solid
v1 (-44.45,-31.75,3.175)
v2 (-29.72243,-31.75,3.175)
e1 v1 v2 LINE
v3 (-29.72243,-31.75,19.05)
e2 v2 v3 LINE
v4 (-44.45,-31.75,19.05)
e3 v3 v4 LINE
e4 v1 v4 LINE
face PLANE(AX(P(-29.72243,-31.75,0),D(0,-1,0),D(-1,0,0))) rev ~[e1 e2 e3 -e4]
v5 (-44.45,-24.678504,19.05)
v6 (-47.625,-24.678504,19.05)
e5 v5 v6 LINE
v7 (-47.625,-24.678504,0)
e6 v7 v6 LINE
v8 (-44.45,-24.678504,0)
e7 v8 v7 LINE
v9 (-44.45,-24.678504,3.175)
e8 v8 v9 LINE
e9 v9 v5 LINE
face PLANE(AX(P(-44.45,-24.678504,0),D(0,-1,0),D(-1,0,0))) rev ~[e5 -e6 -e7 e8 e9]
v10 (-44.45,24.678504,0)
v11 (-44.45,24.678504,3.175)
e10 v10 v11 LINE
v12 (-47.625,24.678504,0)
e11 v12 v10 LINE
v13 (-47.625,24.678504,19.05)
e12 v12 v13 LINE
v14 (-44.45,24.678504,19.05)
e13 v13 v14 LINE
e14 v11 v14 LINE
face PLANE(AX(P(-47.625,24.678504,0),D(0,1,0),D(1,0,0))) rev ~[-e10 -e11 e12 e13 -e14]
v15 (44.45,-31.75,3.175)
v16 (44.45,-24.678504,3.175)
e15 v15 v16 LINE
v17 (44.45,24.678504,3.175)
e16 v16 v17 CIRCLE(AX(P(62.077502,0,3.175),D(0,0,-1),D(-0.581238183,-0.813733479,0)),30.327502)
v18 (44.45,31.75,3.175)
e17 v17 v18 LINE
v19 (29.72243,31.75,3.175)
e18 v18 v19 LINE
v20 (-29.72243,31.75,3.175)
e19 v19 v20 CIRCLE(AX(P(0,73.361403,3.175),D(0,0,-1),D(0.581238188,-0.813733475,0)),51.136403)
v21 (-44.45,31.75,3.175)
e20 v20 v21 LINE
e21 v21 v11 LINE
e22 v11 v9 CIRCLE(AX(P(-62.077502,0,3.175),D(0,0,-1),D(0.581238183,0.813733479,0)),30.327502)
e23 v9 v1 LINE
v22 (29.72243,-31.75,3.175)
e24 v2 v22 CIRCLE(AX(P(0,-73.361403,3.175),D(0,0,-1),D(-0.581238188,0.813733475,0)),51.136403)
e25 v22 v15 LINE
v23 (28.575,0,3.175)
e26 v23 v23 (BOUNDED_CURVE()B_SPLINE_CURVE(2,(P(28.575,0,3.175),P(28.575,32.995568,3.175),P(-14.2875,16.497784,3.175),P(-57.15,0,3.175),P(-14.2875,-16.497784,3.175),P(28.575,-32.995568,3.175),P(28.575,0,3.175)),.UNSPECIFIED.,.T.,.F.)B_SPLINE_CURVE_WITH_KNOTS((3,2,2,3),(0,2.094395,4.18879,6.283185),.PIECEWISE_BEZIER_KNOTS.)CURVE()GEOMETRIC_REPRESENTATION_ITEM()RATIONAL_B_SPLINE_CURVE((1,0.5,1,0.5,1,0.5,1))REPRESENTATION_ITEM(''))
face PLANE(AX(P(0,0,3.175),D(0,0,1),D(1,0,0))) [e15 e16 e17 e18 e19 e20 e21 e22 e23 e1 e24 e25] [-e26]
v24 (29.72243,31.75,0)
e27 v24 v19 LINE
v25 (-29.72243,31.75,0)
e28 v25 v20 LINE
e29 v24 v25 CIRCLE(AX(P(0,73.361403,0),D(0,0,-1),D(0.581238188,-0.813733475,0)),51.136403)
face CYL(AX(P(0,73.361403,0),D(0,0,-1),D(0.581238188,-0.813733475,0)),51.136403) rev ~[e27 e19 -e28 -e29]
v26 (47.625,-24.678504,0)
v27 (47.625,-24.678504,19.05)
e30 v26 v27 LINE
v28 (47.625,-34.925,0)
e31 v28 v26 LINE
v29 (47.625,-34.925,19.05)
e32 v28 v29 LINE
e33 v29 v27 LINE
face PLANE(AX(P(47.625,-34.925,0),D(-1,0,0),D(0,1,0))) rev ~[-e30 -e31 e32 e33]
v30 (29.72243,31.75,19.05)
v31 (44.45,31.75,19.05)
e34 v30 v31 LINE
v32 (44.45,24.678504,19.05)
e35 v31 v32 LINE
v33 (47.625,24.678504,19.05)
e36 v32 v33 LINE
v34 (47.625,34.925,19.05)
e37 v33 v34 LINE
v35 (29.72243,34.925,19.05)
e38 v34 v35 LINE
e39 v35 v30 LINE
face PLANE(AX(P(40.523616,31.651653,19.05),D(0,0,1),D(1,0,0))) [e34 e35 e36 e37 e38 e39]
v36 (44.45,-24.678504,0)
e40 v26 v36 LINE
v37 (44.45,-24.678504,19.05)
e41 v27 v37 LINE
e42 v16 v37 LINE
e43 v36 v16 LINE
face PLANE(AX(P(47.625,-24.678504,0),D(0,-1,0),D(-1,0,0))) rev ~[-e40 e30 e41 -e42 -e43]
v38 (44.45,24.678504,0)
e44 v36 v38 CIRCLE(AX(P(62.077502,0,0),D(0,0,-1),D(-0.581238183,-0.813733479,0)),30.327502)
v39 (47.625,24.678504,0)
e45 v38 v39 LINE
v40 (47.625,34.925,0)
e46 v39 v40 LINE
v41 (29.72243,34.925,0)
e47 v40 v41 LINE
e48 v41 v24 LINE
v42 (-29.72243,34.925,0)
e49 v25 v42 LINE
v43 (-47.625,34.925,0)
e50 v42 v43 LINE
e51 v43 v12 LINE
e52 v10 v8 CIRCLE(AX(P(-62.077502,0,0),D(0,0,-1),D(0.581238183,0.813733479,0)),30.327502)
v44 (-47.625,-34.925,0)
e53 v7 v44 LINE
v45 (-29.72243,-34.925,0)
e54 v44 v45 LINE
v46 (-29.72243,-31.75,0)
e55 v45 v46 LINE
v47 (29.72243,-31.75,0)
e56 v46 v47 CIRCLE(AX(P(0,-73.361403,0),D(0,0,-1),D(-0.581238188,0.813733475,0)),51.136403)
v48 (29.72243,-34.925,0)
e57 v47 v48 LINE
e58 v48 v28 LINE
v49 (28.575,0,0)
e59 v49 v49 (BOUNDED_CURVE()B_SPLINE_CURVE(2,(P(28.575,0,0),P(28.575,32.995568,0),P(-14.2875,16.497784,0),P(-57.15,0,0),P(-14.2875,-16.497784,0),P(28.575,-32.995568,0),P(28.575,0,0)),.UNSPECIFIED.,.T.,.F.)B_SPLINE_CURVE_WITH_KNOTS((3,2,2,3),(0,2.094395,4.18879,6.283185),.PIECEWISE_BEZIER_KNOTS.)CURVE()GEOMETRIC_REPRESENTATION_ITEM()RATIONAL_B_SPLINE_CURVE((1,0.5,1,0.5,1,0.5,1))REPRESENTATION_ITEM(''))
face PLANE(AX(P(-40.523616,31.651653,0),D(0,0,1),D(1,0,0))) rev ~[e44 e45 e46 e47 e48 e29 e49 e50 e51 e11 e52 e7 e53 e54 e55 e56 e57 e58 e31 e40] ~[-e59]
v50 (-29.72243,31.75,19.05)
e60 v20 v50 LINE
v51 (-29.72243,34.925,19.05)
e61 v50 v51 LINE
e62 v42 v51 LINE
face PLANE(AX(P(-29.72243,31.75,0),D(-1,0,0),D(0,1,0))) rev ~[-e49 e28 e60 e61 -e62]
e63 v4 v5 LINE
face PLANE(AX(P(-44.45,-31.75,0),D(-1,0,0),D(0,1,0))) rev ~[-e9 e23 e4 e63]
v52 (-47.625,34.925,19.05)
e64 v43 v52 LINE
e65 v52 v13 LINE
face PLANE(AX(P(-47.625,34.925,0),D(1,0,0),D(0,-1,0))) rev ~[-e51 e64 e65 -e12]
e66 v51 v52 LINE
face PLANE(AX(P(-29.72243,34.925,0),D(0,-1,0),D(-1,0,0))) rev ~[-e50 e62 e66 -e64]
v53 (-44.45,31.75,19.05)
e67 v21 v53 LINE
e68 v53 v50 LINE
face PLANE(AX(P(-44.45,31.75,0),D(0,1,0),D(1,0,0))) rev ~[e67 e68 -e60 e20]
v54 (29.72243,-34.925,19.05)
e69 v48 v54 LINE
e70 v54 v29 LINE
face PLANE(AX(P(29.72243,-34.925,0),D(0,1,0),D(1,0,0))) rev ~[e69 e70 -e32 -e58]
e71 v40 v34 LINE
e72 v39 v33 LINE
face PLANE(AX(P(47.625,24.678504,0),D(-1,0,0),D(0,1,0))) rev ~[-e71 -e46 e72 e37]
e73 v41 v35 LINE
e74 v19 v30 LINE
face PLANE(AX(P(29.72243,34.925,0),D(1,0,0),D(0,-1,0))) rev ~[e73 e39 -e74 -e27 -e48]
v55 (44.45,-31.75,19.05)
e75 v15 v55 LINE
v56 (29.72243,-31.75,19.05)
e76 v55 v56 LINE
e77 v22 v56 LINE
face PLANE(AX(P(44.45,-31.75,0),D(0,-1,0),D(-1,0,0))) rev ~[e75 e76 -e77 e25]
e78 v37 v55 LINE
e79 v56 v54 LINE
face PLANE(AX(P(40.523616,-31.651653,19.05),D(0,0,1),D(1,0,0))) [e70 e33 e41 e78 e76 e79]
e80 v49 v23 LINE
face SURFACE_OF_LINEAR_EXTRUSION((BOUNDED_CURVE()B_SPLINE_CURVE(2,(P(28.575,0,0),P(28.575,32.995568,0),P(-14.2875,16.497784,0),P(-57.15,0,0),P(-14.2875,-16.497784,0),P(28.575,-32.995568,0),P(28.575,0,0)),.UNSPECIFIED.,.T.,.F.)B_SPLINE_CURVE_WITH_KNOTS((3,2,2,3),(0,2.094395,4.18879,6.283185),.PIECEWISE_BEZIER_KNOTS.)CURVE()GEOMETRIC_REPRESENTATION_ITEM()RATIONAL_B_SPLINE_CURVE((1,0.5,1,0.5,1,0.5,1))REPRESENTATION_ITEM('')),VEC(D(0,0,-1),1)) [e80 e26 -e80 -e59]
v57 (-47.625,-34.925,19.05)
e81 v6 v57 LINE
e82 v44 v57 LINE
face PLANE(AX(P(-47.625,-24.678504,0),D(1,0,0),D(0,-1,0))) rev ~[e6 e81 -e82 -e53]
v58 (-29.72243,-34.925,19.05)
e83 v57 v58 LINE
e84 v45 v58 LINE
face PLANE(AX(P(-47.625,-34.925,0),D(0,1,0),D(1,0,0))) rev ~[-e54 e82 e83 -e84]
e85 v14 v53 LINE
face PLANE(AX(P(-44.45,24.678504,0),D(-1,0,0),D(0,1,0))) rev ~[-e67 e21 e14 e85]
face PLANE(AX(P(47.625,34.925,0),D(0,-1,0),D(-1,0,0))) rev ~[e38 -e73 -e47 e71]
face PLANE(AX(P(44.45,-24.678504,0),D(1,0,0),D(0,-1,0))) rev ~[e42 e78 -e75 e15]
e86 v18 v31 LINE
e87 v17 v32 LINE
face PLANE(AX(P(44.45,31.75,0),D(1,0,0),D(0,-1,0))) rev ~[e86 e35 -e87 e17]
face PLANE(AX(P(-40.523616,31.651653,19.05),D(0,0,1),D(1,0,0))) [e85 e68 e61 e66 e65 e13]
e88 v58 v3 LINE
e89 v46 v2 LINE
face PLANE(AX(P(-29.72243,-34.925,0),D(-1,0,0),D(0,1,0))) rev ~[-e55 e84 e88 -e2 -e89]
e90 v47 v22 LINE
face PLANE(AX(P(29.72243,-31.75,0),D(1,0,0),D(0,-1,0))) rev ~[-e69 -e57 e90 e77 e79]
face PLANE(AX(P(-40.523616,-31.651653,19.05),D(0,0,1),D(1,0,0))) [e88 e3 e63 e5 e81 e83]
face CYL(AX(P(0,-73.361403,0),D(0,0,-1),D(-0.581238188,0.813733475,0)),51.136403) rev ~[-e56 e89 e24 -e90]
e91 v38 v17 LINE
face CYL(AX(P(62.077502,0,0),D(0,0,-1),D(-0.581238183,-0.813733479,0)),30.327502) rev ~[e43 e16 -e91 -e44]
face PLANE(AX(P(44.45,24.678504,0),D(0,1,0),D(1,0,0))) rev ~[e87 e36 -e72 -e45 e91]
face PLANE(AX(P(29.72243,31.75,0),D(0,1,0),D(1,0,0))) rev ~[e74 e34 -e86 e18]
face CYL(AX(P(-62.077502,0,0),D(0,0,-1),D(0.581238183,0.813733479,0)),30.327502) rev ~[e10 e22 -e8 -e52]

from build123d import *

# Parameters (mm, degrees)
F1_DEPTH = 3.175
F3_DEPTH = 19.05


with BuildPart() as f1:
    # F0 (on Top) → F1 (new body)
    with BuildSketch(Plane.XY):
        with BuildLine():
            Line((-44.45, 31.75), (-44.45, 24.678504))
            ThreePointArc((-44.45, 24.678504), (-31.75, 0), (-44.45, -24.678504))
            Line((-44.45, -24.678504), (-44.45, -31.75))
            Line((-44.45, -31.75), (-29.72243, -31.75))
            ThreePointArc((-29.72243, -31.75), (0, -22.225), (29.72243, -31.75))
            Line((29.72243, -31.75), (44.45, -31.75))
            Line((44.45, -31.75), (44.45, -24.678504))
            ThreePointArc((44.45, -24.678504), (31.75, 0), (44.45, 24.678504))
            Line((44.45, 24.678504), (44.45, 31.75))
            Line((44.45, 31.75), (29.72243, 31.75))
            ThreePointArc((29.72243, 31.75), (0, 22.225), (-29.72243, 31.75))
            Line((-29.72243, 31.75), (-44.45, 31.75))
        make_face()
        with BuildLine():
            add(Edge.make_bspline(
                [(28.575, 0), (28.575, 32.995568), (-14.2875, 16.497784), (-57.15, 0), (-14.2875, -16.497784), (28.575, -32.995568), (28.575, 0)],
                knots=[0, 0, 0, 2.094395, 2.094395, 4.18879, 4.18879, 6.283185, 6.283185, 6.283185], degree=2, weights=[1, 0.5, 1, 0.5, 1, 0.5, 1]))
        make_face(mode=Mode.SUBTRACT)
    extrude(amount=F1_DEPTH)

    # F2 (on Top) → F3 (join)
    with BuildSketch(Plane.XY):
        Polygon((-47.625, 24.678504), (-44.45, 24.678504), (-44.45, 31.75), (-29.72243, 31.75), (-29.72243, 34.925), (-47.625, 34.925), align=None)
        Polygon((29.72243, 31.75), (44.45, 31.75), (44.45, 24.678504), (47.625, 24.678504), (47.625, 34.925), (29.72243, 34.925), align=None)
        Polygon((-44.45, -31.75), (-44.45, -24.678504), (-47.625, -24.678504), (-47.625, -34.925), (-29.72243, -34.925), (-29.72243, -31.75), align=None)
        Polygon((47.625, -24.678504), (44.45, -24.678504), (44.45, -31.75), (29.72243, -31.75), (29.72243, -34.925), (47.625, -34.925), align=None)
    extrude(amount=F3_DEPTH)


solid = f1.part
